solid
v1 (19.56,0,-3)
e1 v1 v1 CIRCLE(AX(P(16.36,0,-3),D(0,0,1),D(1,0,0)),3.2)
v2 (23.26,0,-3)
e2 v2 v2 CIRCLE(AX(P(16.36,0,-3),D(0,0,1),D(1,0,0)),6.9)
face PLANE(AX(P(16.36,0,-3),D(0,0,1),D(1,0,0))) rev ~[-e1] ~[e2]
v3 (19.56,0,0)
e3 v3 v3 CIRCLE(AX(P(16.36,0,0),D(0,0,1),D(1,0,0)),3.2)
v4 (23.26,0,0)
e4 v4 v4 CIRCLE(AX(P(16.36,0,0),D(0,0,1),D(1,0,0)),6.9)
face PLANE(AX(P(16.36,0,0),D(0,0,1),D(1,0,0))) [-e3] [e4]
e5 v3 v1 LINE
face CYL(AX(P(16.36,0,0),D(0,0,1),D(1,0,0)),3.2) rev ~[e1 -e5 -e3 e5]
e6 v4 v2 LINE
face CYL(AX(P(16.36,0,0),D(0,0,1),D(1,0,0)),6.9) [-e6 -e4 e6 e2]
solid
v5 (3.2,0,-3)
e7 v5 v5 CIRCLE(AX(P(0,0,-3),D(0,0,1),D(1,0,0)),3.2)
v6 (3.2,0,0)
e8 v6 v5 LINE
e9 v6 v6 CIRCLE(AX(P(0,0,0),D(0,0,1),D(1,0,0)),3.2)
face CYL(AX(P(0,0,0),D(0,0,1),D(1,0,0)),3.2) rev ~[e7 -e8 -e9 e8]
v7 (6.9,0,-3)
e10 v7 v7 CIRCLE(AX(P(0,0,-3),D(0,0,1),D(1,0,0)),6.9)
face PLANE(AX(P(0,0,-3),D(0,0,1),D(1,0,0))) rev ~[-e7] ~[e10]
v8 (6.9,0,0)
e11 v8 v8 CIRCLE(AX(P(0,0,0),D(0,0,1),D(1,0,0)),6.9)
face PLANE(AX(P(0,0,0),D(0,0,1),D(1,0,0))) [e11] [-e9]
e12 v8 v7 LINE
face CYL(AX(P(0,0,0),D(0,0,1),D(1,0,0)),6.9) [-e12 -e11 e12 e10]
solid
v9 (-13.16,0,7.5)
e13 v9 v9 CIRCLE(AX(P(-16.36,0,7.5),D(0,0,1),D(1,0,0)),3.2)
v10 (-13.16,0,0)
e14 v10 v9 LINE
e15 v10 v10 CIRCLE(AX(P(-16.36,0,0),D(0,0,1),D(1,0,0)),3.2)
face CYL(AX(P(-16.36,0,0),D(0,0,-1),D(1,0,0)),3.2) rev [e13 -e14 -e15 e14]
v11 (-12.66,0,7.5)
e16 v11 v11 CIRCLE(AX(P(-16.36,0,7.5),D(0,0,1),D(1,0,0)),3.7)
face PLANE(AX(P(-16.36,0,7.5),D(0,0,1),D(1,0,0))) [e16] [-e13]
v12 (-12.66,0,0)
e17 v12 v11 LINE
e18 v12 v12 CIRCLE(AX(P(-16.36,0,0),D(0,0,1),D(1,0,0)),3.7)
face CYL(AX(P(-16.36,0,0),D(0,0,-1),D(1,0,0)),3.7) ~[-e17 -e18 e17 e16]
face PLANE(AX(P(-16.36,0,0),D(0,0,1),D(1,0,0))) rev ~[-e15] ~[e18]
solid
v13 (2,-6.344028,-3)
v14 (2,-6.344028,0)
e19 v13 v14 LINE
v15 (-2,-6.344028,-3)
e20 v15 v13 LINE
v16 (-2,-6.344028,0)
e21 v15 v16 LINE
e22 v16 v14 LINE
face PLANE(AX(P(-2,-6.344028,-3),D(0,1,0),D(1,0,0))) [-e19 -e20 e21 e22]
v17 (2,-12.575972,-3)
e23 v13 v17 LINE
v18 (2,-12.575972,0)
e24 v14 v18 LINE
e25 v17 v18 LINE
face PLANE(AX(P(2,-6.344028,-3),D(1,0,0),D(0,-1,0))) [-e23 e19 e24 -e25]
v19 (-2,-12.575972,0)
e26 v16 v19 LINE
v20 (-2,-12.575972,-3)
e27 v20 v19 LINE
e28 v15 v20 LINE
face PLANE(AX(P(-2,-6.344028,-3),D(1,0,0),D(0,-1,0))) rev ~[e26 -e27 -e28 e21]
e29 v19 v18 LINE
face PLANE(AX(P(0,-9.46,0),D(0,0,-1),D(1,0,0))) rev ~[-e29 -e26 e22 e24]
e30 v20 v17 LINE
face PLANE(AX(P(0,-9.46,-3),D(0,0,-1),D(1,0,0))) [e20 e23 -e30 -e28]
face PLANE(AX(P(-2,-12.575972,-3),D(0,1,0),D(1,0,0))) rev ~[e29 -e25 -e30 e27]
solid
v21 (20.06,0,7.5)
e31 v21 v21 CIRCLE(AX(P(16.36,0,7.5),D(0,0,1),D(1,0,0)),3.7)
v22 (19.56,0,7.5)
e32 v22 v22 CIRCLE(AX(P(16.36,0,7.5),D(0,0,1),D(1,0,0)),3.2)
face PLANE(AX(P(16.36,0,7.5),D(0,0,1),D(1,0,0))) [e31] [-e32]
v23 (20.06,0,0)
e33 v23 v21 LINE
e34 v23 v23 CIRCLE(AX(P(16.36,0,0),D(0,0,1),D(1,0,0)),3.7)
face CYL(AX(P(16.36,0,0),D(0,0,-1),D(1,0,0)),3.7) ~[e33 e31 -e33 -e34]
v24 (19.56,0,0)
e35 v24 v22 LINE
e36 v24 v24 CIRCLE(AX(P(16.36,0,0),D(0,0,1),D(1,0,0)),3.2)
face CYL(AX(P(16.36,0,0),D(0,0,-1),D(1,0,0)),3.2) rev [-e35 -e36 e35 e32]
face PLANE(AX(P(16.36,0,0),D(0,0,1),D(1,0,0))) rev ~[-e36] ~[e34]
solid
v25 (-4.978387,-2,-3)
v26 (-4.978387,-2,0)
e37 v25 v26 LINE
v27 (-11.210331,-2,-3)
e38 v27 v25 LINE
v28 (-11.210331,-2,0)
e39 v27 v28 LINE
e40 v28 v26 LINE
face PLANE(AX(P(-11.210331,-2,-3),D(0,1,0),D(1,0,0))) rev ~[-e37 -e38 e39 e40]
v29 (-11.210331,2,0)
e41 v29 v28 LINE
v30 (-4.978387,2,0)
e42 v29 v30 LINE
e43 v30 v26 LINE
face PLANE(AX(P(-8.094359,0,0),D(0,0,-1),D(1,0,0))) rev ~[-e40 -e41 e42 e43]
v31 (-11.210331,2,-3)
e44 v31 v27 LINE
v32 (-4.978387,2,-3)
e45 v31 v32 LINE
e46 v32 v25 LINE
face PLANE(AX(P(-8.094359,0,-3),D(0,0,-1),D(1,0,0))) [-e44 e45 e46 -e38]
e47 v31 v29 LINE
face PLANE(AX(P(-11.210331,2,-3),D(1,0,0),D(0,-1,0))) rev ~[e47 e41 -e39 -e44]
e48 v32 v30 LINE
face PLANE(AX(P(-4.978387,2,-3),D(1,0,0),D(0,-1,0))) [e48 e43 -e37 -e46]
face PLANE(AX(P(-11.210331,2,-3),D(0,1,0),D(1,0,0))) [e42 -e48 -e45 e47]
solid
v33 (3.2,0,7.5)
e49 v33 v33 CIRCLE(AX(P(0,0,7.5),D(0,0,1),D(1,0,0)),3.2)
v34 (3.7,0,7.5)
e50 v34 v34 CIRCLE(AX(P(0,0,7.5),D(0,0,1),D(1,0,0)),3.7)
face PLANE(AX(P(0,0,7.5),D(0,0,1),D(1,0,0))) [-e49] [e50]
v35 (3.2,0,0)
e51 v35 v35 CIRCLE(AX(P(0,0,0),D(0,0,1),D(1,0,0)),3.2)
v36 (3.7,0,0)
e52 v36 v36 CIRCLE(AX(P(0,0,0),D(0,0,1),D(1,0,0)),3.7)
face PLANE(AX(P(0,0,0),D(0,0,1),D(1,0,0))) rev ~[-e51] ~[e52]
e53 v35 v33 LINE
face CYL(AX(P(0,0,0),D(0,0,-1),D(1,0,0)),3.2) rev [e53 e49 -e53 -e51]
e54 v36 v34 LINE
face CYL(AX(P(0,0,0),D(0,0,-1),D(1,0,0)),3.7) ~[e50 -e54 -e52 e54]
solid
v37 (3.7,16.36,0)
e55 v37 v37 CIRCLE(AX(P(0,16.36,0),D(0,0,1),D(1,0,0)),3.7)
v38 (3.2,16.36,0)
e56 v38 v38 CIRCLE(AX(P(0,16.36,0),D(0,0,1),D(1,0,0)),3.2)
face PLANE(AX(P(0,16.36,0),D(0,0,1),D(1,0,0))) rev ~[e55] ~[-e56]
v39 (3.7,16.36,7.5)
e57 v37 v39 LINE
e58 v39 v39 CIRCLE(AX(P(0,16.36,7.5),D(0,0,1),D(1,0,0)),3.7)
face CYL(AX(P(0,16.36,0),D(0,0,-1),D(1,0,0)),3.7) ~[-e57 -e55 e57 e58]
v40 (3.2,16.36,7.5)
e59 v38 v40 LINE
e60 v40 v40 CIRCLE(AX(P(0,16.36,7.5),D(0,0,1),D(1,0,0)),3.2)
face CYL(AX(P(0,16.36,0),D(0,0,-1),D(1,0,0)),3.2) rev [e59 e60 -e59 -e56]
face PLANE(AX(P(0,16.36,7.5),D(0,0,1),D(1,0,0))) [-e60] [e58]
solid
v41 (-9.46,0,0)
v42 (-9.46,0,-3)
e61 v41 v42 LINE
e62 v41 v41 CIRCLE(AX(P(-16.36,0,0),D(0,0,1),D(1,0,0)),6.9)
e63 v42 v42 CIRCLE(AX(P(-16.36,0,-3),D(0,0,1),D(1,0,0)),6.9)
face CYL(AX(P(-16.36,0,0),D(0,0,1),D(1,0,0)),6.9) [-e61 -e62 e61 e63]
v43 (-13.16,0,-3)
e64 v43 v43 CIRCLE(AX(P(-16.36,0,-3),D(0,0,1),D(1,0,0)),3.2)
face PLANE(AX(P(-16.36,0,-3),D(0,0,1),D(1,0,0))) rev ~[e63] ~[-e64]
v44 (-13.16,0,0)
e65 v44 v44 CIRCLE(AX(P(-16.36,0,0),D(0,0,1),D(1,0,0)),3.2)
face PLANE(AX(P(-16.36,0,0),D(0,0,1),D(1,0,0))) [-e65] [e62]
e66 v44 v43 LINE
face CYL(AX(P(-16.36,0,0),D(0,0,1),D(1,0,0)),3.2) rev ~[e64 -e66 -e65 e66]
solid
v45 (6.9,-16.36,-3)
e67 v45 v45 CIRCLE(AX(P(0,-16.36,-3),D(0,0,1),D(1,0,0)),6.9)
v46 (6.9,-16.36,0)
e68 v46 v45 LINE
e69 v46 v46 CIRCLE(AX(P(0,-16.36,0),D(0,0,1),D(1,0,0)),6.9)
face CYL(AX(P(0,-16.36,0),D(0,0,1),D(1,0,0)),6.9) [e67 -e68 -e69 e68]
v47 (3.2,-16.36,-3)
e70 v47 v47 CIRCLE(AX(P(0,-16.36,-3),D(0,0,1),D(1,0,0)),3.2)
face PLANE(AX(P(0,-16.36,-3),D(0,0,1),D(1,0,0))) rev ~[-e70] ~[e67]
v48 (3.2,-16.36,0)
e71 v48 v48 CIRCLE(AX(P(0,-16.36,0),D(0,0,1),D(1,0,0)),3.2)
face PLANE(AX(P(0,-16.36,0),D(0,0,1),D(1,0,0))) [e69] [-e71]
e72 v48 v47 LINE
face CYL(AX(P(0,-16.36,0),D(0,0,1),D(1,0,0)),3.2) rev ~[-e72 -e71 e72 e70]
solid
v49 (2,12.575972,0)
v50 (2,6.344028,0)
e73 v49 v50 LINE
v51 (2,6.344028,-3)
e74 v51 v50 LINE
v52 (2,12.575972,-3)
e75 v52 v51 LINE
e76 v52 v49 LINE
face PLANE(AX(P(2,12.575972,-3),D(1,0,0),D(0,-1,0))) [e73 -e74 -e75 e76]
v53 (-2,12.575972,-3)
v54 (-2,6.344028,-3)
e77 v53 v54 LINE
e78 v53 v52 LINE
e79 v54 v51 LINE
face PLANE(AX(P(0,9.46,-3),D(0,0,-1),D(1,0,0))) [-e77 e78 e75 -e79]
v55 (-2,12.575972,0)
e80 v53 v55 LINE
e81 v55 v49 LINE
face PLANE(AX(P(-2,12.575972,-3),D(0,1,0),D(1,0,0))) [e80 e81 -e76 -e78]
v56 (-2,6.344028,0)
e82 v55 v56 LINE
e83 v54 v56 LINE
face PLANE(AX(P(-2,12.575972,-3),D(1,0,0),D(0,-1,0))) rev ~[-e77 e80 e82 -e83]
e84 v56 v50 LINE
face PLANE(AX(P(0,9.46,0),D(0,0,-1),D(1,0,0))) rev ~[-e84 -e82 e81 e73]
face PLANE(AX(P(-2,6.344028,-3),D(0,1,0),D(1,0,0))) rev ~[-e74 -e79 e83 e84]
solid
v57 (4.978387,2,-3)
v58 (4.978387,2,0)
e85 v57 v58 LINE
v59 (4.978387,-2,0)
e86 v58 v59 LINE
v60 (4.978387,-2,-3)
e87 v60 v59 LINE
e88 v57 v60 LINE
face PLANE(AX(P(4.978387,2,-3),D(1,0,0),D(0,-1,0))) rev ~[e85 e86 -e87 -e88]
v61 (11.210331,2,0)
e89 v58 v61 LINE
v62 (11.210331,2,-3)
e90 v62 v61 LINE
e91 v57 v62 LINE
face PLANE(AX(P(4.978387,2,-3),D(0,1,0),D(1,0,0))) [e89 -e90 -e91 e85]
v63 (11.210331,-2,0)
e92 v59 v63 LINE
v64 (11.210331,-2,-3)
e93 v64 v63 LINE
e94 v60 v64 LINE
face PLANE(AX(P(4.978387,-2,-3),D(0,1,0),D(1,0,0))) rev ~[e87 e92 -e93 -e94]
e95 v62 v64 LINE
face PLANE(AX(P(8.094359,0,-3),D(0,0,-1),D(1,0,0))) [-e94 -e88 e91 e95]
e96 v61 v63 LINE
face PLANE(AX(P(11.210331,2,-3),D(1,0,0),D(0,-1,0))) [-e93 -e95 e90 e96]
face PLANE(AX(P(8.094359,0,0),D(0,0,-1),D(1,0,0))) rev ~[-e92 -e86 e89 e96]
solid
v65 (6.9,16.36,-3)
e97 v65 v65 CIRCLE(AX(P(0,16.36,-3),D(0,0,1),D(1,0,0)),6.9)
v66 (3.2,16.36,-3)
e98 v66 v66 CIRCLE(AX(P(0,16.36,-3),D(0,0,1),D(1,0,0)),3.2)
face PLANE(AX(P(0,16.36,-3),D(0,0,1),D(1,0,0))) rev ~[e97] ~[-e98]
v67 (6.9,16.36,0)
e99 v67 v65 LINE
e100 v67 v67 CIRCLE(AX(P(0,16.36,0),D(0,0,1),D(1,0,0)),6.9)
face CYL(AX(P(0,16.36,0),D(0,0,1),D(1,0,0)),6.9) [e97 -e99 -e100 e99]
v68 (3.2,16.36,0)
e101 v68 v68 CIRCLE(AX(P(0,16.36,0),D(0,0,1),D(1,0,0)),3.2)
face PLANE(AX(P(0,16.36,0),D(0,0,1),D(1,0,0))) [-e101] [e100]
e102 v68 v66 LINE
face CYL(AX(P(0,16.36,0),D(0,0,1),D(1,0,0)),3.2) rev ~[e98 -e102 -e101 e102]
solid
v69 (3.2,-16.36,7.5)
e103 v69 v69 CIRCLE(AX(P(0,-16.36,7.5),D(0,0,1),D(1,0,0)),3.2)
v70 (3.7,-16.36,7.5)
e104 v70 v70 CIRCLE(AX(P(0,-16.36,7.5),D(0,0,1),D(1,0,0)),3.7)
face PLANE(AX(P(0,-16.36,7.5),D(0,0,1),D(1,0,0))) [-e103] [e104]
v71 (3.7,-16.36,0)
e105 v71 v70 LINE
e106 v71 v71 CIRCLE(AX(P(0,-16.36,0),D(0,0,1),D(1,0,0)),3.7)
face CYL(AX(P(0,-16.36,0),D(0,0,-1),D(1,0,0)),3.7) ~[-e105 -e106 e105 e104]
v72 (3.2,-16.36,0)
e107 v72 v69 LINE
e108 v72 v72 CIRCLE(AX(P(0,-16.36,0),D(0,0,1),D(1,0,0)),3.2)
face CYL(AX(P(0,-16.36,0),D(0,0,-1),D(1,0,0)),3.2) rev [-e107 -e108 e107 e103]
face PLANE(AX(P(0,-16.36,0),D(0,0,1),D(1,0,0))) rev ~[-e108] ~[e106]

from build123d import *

# Parameters (mm, degrees)
F0_R     = 3.7
F0_R_2   = 3.2
F1_DEPTH = 7.5
F2_R     = 6.9
F2_R_2   = 3.2
F3_DEPTH = 3
F4_W     = 4
F4_H     = 6.231944
F4_W_2   = 6.231944
F4_H_2   = 4
F5_DEPTH = 3


with BuildPart() as f1:
    # F0 (on Top) → F1 (new body)
    with BuildSketch(Plane.XY):
        Circle(F0_R)
        Circle(F0_R_2, mode=Mode.SUBTRACT)
        with Locations((0, 16.36)):
            Circle(F0_R)
        with Locations((0, 16.36)):
            Circle(F0_R_2, mode=Mode.SUBTRACT)
        with Locations((0, -16.36)):
            Circle(F0_R)
        with Locations((0, -16.36)):
            Circle(F0_R_2, mode=Mode.SUBTRACT)
        with Locations((16.36, 0)):
            Circle(F0_R)
        with Locations((16.36, 0)):
            Circle(F0_R_2, mode=Mode.SUBTRACT)
        with Locations((-16.36, 0)):
            Circle(F0_R)
        with Locations((-16.36, 0)):
            Circle(F0_R_2, mode=Mode.SUBTRACT)
    extrude(amount=F1_DEPTH)


with BuildPart() as f3:
    # F2 (on Top) → F3 (new body)
    with BuildSketch(Plane.XY):
        Circle(F2_R)
        Circle(F2_R_2, mode=Mode.SUBTRACT)
        with Locations((16.36, 0)):
            Circle(F2_R)
        with Locations((16.36, 0)):
            Circle(F2_R_2, mode=Mode.SUBTRACT)
        with Locations((0, 16.36)):
            Circle(F2_R)
        with Locations((0, 16.36)):
            Circle(F2_R_2, mode=Mode.SUBTRACT)
        with Locations((0, -16.36)):
            Circle(F2_R)
        with Locations((0, -16.36)):
            Circle(F2_R_2, mode=Mode.SUBTRACT)
        with Locations((-16.36, 0)):
            Circle(F2_R)
        with Locations((-16.36, 0)):
            Circle(F2_R_2, mode=Mode.SUBTRACT)
    extrude(amount=-F3_DEPTH)


with BuildPart() as f5:
    # F4 (on face) → F5 (new body)
    with BuildSketch(Plane(origin=(0, 0, -3), x_dir=(1, 0, 0), z_dir=(0, 0, -1))):
        with Locations((0, 9.46)):
            Rectangle(F4_W, F4_H)
        with Locations((0, -9.46)):
            Rectangle(F4_W, F4_H)
        with Locations((-8.094359, 0)):
            Rectangle(F4_W_2, F4_H_2)
        with Locations((8.094359, 0)):
            Rectangle(F4_W_2, F4_H_2)
    extrude(amount=-F5_DEPTH)


solid = Compound([f1.part, f3.part, f5.part])
